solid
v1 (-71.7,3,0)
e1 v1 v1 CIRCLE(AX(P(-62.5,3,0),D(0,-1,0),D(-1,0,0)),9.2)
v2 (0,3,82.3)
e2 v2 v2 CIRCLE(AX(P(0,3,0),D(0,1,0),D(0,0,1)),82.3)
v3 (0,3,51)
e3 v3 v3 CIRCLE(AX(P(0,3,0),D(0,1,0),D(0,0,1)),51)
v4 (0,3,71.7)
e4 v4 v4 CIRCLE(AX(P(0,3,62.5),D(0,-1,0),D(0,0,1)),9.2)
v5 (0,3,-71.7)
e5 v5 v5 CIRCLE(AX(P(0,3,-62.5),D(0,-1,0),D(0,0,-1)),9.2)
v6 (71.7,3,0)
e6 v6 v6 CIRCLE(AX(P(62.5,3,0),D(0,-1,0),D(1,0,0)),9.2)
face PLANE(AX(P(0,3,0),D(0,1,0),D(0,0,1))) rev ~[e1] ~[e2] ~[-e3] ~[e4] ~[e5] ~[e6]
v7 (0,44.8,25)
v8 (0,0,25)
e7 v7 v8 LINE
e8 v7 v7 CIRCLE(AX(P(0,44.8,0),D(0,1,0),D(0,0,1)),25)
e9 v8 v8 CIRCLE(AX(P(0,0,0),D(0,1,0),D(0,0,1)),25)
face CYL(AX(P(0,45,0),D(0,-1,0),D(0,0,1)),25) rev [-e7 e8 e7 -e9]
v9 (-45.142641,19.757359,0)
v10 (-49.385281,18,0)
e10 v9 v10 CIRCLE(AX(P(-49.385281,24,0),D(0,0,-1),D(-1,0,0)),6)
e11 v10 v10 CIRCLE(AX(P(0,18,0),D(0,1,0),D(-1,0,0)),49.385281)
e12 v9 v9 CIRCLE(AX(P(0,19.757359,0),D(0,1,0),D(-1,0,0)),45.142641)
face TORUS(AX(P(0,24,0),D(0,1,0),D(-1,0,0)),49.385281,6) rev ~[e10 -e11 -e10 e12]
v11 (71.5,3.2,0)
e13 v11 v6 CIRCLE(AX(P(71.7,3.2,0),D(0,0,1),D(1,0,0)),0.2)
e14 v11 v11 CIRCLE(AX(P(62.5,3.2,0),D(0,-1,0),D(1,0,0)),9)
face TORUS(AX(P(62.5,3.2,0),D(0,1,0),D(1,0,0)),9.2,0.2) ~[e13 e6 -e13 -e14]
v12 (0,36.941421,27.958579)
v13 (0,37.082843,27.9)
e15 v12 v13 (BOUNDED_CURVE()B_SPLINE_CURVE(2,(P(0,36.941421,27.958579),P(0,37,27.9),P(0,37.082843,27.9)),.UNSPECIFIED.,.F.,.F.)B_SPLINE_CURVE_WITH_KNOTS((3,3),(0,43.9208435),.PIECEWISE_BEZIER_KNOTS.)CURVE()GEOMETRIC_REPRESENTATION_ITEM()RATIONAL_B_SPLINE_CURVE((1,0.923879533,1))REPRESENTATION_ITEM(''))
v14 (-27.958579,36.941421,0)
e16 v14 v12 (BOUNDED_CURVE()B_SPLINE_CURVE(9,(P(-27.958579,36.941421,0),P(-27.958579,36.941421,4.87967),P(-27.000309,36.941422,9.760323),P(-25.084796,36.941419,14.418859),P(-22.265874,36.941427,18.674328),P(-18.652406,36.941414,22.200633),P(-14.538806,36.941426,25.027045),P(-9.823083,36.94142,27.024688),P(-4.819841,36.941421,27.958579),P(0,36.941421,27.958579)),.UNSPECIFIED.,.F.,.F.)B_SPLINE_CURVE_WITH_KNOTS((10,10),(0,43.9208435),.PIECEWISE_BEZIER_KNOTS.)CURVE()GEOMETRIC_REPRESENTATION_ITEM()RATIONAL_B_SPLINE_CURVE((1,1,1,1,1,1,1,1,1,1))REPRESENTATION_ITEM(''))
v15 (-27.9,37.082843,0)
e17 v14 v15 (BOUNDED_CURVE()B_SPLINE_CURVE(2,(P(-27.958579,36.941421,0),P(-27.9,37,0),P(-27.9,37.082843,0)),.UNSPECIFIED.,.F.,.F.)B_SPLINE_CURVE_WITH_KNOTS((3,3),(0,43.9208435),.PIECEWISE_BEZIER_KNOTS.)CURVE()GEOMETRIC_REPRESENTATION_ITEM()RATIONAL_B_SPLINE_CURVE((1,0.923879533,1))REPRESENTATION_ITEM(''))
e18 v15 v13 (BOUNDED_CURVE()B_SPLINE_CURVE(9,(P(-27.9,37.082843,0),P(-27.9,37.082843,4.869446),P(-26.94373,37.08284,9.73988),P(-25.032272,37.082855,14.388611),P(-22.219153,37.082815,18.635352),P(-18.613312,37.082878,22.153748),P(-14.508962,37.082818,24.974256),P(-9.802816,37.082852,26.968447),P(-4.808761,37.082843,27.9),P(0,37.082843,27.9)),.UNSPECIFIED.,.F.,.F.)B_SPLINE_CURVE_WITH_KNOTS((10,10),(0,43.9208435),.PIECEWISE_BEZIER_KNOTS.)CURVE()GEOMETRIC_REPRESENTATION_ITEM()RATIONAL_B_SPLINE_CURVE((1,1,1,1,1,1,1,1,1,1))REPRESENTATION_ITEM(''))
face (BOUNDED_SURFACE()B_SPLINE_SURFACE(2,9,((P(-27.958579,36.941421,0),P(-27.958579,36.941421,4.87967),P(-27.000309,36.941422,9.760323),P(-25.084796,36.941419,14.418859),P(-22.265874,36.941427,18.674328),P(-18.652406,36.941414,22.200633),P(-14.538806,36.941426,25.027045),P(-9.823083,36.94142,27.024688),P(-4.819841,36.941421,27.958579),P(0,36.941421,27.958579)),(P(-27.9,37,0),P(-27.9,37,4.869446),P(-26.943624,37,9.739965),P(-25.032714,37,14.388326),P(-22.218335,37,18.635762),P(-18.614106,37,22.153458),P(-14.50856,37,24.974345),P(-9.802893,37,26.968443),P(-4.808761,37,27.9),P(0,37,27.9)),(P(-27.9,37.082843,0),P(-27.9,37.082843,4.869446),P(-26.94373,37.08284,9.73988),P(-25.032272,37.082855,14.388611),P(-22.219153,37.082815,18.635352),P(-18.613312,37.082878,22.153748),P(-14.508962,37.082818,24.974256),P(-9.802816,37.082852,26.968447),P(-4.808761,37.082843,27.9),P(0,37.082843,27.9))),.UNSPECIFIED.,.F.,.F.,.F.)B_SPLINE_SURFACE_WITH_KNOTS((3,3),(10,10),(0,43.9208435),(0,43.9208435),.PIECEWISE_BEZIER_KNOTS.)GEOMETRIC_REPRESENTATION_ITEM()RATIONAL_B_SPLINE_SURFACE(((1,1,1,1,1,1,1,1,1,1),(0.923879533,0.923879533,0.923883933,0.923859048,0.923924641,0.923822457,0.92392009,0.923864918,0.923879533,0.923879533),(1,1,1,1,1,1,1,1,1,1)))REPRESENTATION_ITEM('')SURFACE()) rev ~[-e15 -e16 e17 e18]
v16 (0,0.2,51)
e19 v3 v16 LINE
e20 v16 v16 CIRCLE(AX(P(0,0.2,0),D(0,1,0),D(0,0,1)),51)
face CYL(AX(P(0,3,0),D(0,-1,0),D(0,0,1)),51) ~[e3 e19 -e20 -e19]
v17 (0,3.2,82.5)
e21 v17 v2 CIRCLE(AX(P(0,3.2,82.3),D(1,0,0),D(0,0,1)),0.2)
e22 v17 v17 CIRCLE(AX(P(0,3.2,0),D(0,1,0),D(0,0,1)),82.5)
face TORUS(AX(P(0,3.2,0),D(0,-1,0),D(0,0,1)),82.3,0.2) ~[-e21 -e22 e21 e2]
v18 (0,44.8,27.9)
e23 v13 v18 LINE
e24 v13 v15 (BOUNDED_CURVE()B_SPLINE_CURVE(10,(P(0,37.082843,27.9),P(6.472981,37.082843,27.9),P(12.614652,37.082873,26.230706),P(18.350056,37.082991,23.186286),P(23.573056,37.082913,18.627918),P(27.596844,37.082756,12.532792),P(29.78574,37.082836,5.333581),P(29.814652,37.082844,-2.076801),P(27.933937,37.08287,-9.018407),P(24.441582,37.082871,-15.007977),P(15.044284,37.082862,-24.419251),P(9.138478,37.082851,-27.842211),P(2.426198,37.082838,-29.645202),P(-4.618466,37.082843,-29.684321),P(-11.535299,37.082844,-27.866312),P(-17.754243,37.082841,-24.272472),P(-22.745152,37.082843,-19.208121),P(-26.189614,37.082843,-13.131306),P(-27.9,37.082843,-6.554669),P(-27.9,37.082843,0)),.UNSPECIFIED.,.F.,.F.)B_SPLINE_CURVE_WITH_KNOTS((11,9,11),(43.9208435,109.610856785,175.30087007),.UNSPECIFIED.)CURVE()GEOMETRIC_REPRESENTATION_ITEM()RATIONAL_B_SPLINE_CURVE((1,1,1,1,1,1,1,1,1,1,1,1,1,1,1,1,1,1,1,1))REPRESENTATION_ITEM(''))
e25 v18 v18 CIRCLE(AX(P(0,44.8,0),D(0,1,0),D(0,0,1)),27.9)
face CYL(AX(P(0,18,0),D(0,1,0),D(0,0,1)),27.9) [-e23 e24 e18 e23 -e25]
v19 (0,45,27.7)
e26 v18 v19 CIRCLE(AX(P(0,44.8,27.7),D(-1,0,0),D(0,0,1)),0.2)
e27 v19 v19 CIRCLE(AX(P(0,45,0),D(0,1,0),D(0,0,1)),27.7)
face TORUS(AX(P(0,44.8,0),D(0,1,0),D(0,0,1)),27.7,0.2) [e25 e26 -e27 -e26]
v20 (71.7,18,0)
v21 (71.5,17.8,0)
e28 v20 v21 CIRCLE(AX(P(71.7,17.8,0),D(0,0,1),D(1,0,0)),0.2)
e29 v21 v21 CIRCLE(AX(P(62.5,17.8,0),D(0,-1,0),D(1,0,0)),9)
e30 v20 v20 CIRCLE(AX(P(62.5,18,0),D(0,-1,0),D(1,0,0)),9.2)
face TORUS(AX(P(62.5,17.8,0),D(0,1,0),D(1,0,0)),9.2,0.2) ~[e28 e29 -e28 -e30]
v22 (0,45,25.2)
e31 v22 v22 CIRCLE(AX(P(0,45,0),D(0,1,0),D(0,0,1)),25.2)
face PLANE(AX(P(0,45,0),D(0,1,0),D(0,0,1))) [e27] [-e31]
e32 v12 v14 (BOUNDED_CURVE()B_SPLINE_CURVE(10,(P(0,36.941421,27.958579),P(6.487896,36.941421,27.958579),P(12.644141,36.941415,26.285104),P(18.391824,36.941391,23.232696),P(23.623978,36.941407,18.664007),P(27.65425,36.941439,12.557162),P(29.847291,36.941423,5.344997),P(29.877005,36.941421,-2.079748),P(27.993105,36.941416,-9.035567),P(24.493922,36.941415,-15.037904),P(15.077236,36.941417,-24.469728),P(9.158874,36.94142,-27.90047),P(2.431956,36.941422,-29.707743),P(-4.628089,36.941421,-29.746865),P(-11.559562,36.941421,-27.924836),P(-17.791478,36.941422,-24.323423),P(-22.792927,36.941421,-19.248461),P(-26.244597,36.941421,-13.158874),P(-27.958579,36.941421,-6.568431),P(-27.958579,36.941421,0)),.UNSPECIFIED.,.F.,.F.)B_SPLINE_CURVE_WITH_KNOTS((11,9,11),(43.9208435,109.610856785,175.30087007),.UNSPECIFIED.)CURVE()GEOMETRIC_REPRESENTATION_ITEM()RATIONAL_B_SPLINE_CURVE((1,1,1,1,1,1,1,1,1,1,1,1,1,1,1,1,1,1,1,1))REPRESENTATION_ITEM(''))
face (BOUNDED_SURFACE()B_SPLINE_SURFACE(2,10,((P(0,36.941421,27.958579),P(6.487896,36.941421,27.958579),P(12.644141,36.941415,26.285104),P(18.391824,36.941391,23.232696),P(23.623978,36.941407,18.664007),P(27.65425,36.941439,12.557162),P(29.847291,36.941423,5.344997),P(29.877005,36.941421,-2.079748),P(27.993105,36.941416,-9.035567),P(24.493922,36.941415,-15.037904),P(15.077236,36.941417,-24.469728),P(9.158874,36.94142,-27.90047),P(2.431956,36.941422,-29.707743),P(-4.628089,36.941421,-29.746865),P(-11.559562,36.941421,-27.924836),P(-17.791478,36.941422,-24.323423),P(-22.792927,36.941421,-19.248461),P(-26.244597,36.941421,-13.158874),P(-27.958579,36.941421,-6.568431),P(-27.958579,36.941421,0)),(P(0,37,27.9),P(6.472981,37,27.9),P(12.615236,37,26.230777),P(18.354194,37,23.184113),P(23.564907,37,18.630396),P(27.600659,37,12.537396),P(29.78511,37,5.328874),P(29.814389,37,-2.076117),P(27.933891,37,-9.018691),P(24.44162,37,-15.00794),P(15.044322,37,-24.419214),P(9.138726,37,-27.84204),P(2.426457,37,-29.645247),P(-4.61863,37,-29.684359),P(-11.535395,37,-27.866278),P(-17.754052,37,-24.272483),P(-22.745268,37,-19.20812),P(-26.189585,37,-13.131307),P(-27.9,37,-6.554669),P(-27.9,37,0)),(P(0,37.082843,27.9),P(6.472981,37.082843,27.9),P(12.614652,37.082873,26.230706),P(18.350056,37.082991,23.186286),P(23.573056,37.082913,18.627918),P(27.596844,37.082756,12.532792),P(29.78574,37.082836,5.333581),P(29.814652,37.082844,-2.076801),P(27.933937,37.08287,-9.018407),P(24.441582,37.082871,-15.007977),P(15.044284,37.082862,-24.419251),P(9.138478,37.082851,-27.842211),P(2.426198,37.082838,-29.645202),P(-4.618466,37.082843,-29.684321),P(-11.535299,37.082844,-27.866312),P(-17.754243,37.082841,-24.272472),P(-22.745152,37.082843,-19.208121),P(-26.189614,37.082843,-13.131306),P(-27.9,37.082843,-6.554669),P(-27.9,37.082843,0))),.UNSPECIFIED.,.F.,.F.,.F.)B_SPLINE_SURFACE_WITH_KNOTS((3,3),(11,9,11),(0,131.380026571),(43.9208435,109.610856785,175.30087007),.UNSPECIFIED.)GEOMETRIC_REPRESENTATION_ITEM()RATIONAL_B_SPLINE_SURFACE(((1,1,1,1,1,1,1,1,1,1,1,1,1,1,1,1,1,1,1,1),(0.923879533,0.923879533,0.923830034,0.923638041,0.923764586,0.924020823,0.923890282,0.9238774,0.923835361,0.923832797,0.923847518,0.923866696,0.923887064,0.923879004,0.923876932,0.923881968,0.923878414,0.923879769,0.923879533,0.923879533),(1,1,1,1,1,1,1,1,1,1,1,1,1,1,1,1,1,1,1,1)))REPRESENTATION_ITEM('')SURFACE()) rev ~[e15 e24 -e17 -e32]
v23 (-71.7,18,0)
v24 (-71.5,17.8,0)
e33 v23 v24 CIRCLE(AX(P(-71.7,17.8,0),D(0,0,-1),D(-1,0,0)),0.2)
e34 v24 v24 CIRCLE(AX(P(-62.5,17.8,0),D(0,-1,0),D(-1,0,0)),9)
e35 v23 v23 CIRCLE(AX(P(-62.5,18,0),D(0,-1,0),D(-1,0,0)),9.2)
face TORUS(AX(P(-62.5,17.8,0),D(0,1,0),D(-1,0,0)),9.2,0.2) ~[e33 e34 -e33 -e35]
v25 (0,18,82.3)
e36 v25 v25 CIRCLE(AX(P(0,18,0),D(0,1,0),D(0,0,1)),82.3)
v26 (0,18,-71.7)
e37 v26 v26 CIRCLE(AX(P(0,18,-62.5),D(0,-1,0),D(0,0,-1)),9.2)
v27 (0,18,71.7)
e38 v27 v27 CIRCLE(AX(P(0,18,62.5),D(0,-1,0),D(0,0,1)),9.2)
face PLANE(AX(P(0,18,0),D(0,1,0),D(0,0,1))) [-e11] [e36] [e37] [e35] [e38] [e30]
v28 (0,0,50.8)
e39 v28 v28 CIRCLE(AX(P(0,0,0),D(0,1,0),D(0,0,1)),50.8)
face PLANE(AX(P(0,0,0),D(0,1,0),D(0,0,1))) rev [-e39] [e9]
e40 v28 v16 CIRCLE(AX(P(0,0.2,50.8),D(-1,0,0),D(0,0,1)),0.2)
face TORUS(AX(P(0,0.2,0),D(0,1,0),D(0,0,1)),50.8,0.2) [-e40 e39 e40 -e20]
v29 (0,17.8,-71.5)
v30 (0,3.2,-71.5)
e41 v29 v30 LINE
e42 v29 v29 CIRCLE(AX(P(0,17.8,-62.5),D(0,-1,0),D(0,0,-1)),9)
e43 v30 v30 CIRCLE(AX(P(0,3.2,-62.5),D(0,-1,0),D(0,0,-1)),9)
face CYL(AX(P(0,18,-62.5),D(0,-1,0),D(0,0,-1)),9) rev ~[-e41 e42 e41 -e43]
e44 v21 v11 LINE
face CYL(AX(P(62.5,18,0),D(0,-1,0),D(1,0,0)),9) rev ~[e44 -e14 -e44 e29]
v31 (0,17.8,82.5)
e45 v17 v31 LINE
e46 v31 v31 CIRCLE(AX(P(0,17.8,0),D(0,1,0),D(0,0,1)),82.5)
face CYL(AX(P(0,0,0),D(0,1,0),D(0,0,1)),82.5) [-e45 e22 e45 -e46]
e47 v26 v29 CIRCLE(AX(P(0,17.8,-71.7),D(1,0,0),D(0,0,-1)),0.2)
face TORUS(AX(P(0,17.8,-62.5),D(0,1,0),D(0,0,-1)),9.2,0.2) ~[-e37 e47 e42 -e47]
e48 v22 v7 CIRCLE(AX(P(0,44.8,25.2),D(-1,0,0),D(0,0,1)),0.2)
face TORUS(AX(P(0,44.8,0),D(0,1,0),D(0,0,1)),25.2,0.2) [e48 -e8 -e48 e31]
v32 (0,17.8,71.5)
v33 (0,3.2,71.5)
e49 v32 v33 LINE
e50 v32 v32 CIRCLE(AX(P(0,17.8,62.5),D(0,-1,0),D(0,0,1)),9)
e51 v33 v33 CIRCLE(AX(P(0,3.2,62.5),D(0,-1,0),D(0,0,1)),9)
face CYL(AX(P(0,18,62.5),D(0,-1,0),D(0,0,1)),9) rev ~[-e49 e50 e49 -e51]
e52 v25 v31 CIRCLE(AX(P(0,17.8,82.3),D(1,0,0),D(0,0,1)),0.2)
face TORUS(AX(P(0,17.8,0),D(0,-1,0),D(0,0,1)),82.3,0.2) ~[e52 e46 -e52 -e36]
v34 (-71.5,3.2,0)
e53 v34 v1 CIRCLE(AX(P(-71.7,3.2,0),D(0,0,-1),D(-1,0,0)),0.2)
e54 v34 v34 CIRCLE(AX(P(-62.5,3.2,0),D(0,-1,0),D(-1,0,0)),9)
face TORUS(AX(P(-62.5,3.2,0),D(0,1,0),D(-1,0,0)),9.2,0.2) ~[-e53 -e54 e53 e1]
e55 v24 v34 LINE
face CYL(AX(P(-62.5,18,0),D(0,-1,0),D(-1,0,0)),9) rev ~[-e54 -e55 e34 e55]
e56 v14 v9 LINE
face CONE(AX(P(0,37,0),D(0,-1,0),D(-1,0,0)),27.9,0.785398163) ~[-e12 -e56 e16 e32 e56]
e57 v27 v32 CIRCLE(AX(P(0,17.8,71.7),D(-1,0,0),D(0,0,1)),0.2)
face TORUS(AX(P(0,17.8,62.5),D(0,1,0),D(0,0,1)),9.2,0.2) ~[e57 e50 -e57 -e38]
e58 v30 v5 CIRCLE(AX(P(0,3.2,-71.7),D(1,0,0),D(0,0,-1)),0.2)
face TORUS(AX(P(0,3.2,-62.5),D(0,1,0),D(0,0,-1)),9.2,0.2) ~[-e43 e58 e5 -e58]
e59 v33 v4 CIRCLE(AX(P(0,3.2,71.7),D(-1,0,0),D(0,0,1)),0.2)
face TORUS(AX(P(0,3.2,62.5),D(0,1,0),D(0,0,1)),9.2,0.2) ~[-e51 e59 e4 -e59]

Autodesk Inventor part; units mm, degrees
ref_plane "YZ Plane" through (0, 0, 0) normal (1, 0, 0) x (0, 1, 0)
ref_plane "XZ Plane" through (0, 0, 0) normal (0, 1, 0) x (-1, 0, 0)
ref_plane "XY Plane" through (0, 0, 0) normal (0, 0, 1) x (1, 0, 0)
sketch "Sketch1" plane through (0, 0, 0) normal (1, 0, 0) x (0, 1, 0)
  line L0 (-9, 0) -> (54, 0) projected
  line L1 (0, -16.5) -> (0, 99) construction
  line L2 (45, 25) -> (0, 25)
  line L3 (0, 25) -> (0, 82.5)
  line L4 (0, 82.5) -> (18, 82.5)
  line L5 (18, 82.5) -> (18, 27.9)
  line L6 (18, 27.9) -> (45, 27.9)
  line L7 (45, 27.9) -> (45, 25)
  point P0 (0, 0)
  dimension "d0" = 165
  dimension "d45" = 45
  dimension "d46" = 50
  dimension "d47" = 18
  dimension "d48" = 2.9
revolve "Revolution1" add sketch "Sketch1" angle 360 about axis through (0, 0, 0) along (0, 1, 0)
sketch "Sketch2" plane through (0, 0, 0) normal (1, 0, 0) x (0, 1, 0)
  line L0 (0, -115.5) -> (0, 115.5) construction
  line L1 (0, 82.5) -> (18, 82.5) construction
  line L2 (3, 82.5) -> (3, 51)
  line L3 (3, 51) -> (0, 51)
  line L4 (-3.6, 0) -> (21.6, 0) projected
  line L5 (3, 82.5) -> (0, 82.5)
  line L6 (0, -82.5) -> (0, 82.5) projected
  line L7 (0, 82.5) -> (0, 51)
  point P0 (0, 0)
  dimension "d49" = 3
  dimension "d50" = 102
revolve "Revolution2" cut sketch "Sketch2" angle 360 about axis through (0, -10, 0) along (0, 1, 0)
sketch "Sketch5" plane through (0, 18, 0) normal (0, 1, 0) x (1, 0, 0)
  line L0 (0, 115.5) -> (0, -115.5) construction
  point P0 (0, 0)
  point P1 (0, -62.5)
  dimension "d24" = 62.5
hole "Hole3" at (0, 18, 62.5) direction (0, -1, 0) diameter 18 end through all
pattern_circular "Circular Pattern1" count 4 over 360 about axis through (0, -10, 0) along (0, 1, 0) of "Hole3"
sketch "Sketch6" plane through (0, 0, 0) normal (0, 0, 1) x (1, 0, 0)
  line L0 (82.5, 18) -> (-82.5, 18) construction
  line L1 (-27.9, 18) -> (-27.9, 45) construction
  line L2 (-27.9, 18) -> (-27.9, 37)
  line L3 (27.9, 18) -> (-27.9, 18) projected
  line L4 (-27.9, 18) -> (-46.9, 18)
  line L5 (0, -9) -> (0, 54) projected
  line L6 (-27.9, 37) -> (-46.9, 18)
  point P0 (0, 0)
  dimension "d52" = 8
revolve "Revolution3" add sketch "Sketch6" angle 360 about axis through (0, -10, 0) along (0, 1, 0)
fillet "Fillet2" radius 6 1 edges at (46.9, 18, 0)
fillet "Fillet3" radius 0.2 15 edges at (0, 45, -25) (0, 18, -82.5) (0, 3, -82.5) (0, 0, -51) (0, 18, 53.5) (0, 3, 53.5) (0, 45, -27.9) (-19.7283, 37, 19.7283) (19.7283, 37, -19.7283) (53.5, 18, 0) (-53.5, 18, 0) (0, 18, -53.5) (-53.5, 3, 0) (53.5, 3, 0) (0, 3, -53.5)
equation "\"d0\" = D"
equation "\"d45\" = h1"
equation "\"d46\" = DN"
equation "\"d47\" = b"
equation "\"d48\" = ss"
equation "\"d49\" = fff"
equation "\"d50\" = d4"
equation "\"d24\" = 0.5 * k"
equation "\"d52\" = h2"
equation "\"DN\" = 50"
equation "\"D\" = 165"
equation "\"d1\" = 57"
equation "\"b\" = 18"
equation "\"k\" = 125"
equation "\"h1\" = 45"
equation "\"d3\" = 72"
equation "\"ss\" = 2.9"
equation "\"r\" = 6"
equation "\"h2\" = 8"
equation "\"d4\" = 102"
equation "\"fff\" = 3"
properties material "Steel, Cast"
